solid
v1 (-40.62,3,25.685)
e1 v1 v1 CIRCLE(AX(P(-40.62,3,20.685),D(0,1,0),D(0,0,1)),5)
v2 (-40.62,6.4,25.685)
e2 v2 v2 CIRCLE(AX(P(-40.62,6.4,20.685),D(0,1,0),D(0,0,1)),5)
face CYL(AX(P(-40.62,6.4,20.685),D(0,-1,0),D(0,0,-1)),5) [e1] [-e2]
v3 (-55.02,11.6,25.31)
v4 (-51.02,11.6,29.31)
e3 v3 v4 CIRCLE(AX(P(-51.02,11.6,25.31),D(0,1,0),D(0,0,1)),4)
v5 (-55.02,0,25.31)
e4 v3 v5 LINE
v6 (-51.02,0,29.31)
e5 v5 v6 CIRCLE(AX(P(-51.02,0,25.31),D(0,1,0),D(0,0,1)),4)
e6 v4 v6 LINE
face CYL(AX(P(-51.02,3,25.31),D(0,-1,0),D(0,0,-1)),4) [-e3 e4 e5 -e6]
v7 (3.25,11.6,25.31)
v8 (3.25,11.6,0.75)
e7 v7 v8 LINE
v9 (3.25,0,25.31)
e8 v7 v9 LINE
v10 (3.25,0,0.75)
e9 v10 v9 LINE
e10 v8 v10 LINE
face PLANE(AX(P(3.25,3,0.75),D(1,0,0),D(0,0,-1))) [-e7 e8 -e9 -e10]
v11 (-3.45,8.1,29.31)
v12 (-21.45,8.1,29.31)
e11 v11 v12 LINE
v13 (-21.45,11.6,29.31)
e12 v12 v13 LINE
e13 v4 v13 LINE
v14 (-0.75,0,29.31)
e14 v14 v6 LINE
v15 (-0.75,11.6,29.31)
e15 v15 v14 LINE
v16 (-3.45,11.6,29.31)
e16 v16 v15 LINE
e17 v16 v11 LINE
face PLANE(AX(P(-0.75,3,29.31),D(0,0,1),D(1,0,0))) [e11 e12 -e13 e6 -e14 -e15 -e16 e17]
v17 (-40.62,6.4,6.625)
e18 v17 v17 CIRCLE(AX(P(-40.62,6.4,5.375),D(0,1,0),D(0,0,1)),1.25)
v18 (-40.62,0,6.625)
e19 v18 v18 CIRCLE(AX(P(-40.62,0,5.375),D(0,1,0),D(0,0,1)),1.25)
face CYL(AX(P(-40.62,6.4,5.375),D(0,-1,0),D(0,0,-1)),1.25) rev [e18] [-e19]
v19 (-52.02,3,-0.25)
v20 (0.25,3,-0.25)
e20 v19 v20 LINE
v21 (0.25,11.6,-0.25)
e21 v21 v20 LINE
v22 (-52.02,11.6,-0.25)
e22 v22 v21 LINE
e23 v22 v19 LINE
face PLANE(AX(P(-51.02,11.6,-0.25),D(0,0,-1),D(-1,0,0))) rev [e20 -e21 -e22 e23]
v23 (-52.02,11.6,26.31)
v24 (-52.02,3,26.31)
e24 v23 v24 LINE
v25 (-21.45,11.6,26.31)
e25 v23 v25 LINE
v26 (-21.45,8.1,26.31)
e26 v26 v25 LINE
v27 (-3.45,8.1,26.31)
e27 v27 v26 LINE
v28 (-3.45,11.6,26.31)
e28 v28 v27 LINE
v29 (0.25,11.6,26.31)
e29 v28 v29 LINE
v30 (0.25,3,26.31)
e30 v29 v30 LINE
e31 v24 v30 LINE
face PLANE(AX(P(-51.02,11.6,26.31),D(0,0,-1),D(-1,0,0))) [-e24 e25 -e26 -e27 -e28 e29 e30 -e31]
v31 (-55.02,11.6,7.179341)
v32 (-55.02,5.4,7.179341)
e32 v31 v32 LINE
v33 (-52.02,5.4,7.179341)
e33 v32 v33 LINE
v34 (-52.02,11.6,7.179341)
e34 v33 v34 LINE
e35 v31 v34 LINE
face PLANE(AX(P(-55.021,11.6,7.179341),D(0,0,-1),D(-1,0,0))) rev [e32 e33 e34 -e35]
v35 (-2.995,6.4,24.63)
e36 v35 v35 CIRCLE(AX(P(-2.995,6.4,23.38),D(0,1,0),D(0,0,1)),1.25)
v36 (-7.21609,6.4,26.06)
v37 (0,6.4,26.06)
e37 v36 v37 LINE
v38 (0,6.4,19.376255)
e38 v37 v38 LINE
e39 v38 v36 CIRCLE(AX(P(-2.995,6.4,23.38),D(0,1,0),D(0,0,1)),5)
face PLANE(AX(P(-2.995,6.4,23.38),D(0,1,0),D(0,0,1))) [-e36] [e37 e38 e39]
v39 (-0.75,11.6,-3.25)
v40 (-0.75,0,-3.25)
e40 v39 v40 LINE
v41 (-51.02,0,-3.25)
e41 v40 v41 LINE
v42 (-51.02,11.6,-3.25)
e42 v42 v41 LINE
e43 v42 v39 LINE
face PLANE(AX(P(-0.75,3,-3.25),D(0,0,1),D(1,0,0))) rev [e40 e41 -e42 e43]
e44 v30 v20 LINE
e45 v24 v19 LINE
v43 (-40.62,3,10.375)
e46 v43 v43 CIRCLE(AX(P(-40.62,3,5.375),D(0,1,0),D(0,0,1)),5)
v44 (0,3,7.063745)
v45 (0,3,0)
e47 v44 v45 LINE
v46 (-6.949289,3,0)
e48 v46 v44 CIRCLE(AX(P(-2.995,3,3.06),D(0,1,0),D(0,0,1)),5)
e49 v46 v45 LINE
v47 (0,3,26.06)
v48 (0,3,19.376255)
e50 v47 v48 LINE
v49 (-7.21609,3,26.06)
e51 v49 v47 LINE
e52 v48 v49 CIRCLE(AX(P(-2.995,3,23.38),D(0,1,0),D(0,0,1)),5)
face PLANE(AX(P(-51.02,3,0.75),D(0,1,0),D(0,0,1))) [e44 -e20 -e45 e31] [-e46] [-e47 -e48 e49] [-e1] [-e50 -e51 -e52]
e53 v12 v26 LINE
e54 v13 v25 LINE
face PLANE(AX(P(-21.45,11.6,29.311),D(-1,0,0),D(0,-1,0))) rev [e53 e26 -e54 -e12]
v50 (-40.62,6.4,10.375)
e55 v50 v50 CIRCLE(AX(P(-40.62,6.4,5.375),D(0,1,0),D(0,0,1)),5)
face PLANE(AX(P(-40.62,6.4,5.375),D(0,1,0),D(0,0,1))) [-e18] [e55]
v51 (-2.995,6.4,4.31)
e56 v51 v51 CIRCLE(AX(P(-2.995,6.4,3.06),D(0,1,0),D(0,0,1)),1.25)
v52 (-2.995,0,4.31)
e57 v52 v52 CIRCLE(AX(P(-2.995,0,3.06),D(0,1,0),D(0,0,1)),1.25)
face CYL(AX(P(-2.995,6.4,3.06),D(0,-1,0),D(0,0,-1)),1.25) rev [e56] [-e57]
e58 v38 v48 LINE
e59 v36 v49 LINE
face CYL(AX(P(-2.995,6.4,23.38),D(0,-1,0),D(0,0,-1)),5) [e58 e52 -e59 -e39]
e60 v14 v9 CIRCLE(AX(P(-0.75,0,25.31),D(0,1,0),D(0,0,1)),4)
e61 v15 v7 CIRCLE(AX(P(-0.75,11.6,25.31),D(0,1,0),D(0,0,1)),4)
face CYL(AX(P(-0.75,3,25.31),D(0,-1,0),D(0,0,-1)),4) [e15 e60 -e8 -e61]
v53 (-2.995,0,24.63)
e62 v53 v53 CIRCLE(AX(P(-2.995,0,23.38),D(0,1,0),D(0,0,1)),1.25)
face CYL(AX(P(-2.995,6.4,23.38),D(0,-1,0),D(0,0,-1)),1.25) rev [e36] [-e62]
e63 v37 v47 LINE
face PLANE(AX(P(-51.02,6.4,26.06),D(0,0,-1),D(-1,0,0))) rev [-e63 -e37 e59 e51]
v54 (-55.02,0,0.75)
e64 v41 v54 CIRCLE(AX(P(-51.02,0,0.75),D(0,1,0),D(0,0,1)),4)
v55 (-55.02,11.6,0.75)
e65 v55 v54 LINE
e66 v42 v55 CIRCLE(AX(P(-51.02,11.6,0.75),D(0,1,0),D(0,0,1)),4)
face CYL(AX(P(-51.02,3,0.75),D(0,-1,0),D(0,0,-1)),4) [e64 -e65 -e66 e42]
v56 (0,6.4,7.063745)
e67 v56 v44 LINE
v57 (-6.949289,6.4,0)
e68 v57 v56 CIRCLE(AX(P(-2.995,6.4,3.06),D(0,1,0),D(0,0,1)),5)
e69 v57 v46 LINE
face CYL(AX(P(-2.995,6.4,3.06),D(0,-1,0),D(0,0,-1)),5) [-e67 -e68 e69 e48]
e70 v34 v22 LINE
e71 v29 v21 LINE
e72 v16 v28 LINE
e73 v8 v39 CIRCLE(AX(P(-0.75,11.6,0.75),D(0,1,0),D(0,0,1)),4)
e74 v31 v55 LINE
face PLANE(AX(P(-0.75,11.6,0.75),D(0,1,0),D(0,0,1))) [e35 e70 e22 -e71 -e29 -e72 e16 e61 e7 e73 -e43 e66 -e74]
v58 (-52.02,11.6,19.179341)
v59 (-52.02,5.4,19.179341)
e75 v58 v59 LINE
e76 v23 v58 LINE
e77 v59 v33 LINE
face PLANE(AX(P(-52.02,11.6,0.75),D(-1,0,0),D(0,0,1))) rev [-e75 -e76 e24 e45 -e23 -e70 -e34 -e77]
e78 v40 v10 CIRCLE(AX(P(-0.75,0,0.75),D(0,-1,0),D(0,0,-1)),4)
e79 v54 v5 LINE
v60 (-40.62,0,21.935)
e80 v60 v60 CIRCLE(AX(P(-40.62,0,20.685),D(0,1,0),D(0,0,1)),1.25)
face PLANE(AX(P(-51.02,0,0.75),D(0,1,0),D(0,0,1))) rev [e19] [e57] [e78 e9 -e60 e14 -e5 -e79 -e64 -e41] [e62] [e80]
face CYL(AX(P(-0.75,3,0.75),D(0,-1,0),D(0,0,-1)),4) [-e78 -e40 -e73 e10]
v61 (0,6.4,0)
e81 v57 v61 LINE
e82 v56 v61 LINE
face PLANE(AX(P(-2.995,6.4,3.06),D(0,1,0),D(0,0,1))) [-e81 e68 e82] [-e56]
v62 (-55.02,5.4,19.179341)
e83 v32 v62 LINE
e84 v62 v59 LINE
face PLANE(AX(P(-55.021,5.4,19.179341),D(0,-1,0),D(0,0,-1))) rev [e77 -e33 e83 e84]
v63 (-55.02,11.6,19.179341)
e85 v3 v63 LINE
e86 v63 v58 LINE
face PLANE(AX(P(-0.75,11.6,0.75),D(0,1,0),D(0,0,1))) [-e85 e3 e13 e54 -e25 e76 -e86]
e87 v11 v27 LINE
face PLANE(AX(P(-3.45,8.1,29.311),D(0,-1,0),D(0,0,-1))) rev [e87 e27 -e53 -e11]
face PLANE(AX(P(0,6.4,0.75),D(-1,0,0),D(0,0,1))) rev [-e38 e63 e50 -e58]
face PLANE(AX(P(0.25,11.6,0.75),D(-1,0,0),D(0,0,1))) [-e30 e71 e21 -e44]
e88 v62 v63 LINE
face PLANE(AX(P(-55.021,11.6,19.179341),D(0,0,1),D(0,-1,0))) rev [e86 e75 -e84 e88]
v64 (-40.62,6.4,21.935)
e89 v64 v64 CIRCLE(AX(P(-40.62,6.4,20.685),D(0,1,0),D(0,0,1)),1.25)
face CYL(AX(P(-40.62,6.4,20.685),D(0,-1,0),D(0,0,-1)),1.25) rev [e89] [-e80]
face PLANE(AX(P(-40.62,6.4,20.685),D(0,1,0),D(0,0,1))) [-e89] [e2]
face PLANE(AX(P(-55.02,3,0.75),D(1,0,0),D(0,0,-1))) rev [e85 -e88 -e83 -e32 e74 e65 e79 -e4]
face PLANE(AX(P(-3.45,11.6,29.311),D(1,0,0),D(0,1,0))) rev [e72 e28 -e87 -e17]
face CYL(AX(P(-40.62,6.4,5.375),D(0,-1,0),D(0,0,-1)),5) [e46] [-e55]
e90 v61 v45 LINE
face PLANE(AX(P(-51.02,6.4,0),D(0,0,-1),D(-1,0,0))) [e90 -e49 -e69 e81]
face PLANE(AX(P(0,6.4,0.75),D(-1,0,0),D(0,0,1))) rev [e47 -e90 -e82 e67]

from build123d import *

# Parameters (mm, degrees)
BOSS_EXTRUDE1_DEPTH = 3
BOSS_EXTRUDE2_START = 3
SKETCH1_3_W         = 52.27
SKETCH1_3_H         = 26.56
BOSS_EXTRUDE2_DEPTH = 8.6
BOSS_EXTRUDE3_START = 3
SKETCH1_4_R         = 1.25
SKETCH1_4_R_2       = 5
BOSS_EXTRUDE3_DEPTH = 3.4
CUT_EXTRUDE1_REACH  = 65.526
SKETCH2_W           = 18
SKETCH2_H           = 3.5
CUT_EXTRUDE2_REACH  = 65.627
SKETCH4_W           = 12
SKETCH4_H           = 6.2
SKETCH1_5_R         = 1.25
CUT_EXTRUDE3_DEPTH  = 64.410066236


with BuildPart() as part:
    # Sketch1 → Boss-Extrude1 (new body)
    with BuildSketch(Plane(origin=(0, 0, 0), x_dir=(1, 0, 0), z_dir=(0, 1, 0))):
        with BuildLine():
            Line((-0.75, 3.25), (-51.02, 3.25))
            ThreePointArc((-51.02, 3.25), (-53.848427125, 2.078427125), (-55.02, -0.75))
            Line((-55.02, -0.75), (-55.02, -25.31))
            ThreePointArc((-55.02, -25.31), (-53.848427125, -28.138427125), (-51.02, -29.31))
            Line((-51.02, -29.31), (-0.75, -29.31))
            ThreePointArc((-0.75, -29.31), (2.078427125, -28.138427125), (3.25, -25.31))
            Line((3.25, -25.31), (3.25, -0.75))
            ThreePointArc((3.25, -0.75), (2.078427125, 2.078427125), (-0.75, 3.25))
        make_face()
    extrude(amount=BOSS_EXTRUDE1_DEPTH)

    # Sketch1<3> → Boss-Extrude2 (add)
    with BuildSketch(Plane(origin=(0, 0, 0), x_dir=(1, 0, 0), z_dir=(0, 1, 0)).offset(BOSS_EXTRUDE2_START)):
        with BuildLine():
            ThreePointArc((3.25, -0.75), (2.078427125, 2.078427125), (-0.75, 3.25))
            Line((-0.75, 3.25), (-51.02, 3.25))
            ThreePointArc((-51.02, 3.25), (-53.848427125, 2.078427125), (-55.02, -0.75))
            Line((-55.02, -0.75), (-55.02, -25.31))
            ThreePointArc((-55.02, -25.31), (-53.848427125, -28.138427125), (-51.02, -29.31))
            Line((-51.02, -29.31), (-0.75, -29.31))
            ThreePointArc((-0.75, -29.31), (2.078427125, -28.138427125), (3.25, -25.31))
            Line((3.25, -25.31), (3.25, -0.75))
        make_face()
        with Locations((-25.885, -13.03)):
            Rectangle(SKETCH1_3_W, SKETCH1_3_H, mode=Mode.SUBTRACT)
    extrude(amount=BOSS_EXTRUDE2_DEPTH)

    # Sketch1<4> → Boss-Extrude3 (add)
    # profile 1 of 4: a face of its own
    with BuildSketch(Plane(origin=(0, 0, 0), x_dir=(1, 0, 0), z_dir=(0, 1, 0)).offset(BOSS_EXTRUDE3_START)):
        with BuildLine():
            Line((0, 0), (-6.949288811, 0))
            ThreePointArc((-6.949288811, 0), (-6.559292713, -6.566539242), (0, -7.063745122))
            Line((0, -7.063745122), (0, 0))
        make_face()
        with Locations(Location((-2.995, -3.06, 0), (0, 0, 270))):
            Circle(SKETCH1_4_R, mode=Mode.SUBTRACT)
    # profile 2 of 4: a face of its own
    with BuildSketch(Plane(origin=(0, 0, 0), x_dir=(1, 0, 0), z_dir=(0, 1, 0)).offset(BOSS_EXTRUDE3_START)):
        with Locations(Location((-40.62, -5.375, 0), (0, 0, 270))):
            Circle(SKETCH1_4_R_2)
        with Locations(Location((-40.62, -5.375, 0), (0, 0, 270))):
            Circle(SKETCH1_4_R, mode=Mode.SUBTRACT)
    # profile 3 of 4: a face of its own
    with BuildSketch(Plane(origin=(0, 0, 0), x_dir=(1, 0, 0), z_dir=(0, 1, 0)).offset(BOSS_EXTRUDE3_START)):
        with Locations(Location((-40.62, -20.685, 0), (0, 0, 270))):
            Circle(SKETCH1_4_R_2)
        with Locations(Location((-40.62, -20.685, 0), (0, 0, 270))):
            Circle(SKETCH1_4_R, mode=Mode.SUBTRACT)
    # profile 4 of 4: a face of its own
    with BuildSketch(Plane(origin=(0, 0, 0), x_dir=(1, 0, 0), z_dir=(0, 1, 0)).offset(BOSS_EXTRUDE3_START)):
        with BuildLine():
            Line((0, -26.06), (0, -19.376254878))
            ThreePointArc((0, -19.376254878), (-6.392636874, -19.711749235), (-7.216089907, -26.06))
            Line((-7.216089907, -26.06), (0, -26.06))
        make_face()
        with Locations(Location((-2.995, -23.38, 0), (0, 0, 270))):
            Circle(SKETCH1_4_R, mode=Mode.SUBTRACT)
    extrude(amount=BOSS_EXTRUDE3_DEPTH)

    # Sketch2 → Cut-Extrude1 (cut, up to next)
    with BuildSketch(Plane(origin=(0, 0, 26.31), x_dir=(-1, 0, 0), z_dir=(0, 0, -1)), mode=Mode.PRIVATE) as cut_extrude1_sk1:
        with Locations((12.45, 9.85)):
            Rectangle(SKETCH2_W, SKETCH2_H)
    cut_extrude1_tool1 = extrude(cut_extrude1_sk1.sketch, amount=-CUT_EXTRUDE1_REACH, mode=Mode.PRIVATE) & part.part
    add(cut_extrude1_tool1.solids().sort_by_distance((-12.45, 9.85, 26.31))[0], mode=Mode.SUBTRACT)

    # Sketch4 → Cut-Extrude2 (cut, up to next)
    with BuildSketch(Plane(origin=(-52.02, 0, 0), x_dir=(0, 0, -1), z_dir=(1, 0, 0)), mode=Mode.PRIVATE) as cut_extrude2_sk1:
        with Locations((-13.17934126, 8.5)):
            Rectangle(SKETCH4_W, SKETCH4_H)
    cut_extrude2_tool1 = extrude(cut_extrude2_sk1.sketch, amount=-CUT_EXTRUDE2_REACH, mode=Mode.PRIVATE) & part.part
    add(cut_extrude2_tool1.solids().sort_by_distance((-52.02, 8.5, 13.179341))[0], mode=Mode.SUBTRACT)

    # Sketch1<5> → Cut-Extrude3 (cut, through all)
    with BuildSketch(Plane(origin=(0, 0, 0), x_dir=(1, 0, 0), z_dir=(0, 1, 0))):
        with Locations(Location((-2.995, -23.38, 0), (0, 0, 270))):
            Circle(SKETCH1_5_R)
        with Locations(Location((-2.995, -3.06, 0), (0, 0, 270))):
            Circle(SKETCH1_5_R)
        with Locations(Location((-40.62, -5.375, 0), (0, 0, 270))):
            Circle(SKETCH1_5_R)
        with Locations(Location((-40.62, -20.685, 0), (0, 0, 270))):
            Circle(SKETCH1_5_R)
    extrude(amount=CUT_EXTRUDE3_DEPTH, mode=Mode.SUBTRACT)


solid = part.part
